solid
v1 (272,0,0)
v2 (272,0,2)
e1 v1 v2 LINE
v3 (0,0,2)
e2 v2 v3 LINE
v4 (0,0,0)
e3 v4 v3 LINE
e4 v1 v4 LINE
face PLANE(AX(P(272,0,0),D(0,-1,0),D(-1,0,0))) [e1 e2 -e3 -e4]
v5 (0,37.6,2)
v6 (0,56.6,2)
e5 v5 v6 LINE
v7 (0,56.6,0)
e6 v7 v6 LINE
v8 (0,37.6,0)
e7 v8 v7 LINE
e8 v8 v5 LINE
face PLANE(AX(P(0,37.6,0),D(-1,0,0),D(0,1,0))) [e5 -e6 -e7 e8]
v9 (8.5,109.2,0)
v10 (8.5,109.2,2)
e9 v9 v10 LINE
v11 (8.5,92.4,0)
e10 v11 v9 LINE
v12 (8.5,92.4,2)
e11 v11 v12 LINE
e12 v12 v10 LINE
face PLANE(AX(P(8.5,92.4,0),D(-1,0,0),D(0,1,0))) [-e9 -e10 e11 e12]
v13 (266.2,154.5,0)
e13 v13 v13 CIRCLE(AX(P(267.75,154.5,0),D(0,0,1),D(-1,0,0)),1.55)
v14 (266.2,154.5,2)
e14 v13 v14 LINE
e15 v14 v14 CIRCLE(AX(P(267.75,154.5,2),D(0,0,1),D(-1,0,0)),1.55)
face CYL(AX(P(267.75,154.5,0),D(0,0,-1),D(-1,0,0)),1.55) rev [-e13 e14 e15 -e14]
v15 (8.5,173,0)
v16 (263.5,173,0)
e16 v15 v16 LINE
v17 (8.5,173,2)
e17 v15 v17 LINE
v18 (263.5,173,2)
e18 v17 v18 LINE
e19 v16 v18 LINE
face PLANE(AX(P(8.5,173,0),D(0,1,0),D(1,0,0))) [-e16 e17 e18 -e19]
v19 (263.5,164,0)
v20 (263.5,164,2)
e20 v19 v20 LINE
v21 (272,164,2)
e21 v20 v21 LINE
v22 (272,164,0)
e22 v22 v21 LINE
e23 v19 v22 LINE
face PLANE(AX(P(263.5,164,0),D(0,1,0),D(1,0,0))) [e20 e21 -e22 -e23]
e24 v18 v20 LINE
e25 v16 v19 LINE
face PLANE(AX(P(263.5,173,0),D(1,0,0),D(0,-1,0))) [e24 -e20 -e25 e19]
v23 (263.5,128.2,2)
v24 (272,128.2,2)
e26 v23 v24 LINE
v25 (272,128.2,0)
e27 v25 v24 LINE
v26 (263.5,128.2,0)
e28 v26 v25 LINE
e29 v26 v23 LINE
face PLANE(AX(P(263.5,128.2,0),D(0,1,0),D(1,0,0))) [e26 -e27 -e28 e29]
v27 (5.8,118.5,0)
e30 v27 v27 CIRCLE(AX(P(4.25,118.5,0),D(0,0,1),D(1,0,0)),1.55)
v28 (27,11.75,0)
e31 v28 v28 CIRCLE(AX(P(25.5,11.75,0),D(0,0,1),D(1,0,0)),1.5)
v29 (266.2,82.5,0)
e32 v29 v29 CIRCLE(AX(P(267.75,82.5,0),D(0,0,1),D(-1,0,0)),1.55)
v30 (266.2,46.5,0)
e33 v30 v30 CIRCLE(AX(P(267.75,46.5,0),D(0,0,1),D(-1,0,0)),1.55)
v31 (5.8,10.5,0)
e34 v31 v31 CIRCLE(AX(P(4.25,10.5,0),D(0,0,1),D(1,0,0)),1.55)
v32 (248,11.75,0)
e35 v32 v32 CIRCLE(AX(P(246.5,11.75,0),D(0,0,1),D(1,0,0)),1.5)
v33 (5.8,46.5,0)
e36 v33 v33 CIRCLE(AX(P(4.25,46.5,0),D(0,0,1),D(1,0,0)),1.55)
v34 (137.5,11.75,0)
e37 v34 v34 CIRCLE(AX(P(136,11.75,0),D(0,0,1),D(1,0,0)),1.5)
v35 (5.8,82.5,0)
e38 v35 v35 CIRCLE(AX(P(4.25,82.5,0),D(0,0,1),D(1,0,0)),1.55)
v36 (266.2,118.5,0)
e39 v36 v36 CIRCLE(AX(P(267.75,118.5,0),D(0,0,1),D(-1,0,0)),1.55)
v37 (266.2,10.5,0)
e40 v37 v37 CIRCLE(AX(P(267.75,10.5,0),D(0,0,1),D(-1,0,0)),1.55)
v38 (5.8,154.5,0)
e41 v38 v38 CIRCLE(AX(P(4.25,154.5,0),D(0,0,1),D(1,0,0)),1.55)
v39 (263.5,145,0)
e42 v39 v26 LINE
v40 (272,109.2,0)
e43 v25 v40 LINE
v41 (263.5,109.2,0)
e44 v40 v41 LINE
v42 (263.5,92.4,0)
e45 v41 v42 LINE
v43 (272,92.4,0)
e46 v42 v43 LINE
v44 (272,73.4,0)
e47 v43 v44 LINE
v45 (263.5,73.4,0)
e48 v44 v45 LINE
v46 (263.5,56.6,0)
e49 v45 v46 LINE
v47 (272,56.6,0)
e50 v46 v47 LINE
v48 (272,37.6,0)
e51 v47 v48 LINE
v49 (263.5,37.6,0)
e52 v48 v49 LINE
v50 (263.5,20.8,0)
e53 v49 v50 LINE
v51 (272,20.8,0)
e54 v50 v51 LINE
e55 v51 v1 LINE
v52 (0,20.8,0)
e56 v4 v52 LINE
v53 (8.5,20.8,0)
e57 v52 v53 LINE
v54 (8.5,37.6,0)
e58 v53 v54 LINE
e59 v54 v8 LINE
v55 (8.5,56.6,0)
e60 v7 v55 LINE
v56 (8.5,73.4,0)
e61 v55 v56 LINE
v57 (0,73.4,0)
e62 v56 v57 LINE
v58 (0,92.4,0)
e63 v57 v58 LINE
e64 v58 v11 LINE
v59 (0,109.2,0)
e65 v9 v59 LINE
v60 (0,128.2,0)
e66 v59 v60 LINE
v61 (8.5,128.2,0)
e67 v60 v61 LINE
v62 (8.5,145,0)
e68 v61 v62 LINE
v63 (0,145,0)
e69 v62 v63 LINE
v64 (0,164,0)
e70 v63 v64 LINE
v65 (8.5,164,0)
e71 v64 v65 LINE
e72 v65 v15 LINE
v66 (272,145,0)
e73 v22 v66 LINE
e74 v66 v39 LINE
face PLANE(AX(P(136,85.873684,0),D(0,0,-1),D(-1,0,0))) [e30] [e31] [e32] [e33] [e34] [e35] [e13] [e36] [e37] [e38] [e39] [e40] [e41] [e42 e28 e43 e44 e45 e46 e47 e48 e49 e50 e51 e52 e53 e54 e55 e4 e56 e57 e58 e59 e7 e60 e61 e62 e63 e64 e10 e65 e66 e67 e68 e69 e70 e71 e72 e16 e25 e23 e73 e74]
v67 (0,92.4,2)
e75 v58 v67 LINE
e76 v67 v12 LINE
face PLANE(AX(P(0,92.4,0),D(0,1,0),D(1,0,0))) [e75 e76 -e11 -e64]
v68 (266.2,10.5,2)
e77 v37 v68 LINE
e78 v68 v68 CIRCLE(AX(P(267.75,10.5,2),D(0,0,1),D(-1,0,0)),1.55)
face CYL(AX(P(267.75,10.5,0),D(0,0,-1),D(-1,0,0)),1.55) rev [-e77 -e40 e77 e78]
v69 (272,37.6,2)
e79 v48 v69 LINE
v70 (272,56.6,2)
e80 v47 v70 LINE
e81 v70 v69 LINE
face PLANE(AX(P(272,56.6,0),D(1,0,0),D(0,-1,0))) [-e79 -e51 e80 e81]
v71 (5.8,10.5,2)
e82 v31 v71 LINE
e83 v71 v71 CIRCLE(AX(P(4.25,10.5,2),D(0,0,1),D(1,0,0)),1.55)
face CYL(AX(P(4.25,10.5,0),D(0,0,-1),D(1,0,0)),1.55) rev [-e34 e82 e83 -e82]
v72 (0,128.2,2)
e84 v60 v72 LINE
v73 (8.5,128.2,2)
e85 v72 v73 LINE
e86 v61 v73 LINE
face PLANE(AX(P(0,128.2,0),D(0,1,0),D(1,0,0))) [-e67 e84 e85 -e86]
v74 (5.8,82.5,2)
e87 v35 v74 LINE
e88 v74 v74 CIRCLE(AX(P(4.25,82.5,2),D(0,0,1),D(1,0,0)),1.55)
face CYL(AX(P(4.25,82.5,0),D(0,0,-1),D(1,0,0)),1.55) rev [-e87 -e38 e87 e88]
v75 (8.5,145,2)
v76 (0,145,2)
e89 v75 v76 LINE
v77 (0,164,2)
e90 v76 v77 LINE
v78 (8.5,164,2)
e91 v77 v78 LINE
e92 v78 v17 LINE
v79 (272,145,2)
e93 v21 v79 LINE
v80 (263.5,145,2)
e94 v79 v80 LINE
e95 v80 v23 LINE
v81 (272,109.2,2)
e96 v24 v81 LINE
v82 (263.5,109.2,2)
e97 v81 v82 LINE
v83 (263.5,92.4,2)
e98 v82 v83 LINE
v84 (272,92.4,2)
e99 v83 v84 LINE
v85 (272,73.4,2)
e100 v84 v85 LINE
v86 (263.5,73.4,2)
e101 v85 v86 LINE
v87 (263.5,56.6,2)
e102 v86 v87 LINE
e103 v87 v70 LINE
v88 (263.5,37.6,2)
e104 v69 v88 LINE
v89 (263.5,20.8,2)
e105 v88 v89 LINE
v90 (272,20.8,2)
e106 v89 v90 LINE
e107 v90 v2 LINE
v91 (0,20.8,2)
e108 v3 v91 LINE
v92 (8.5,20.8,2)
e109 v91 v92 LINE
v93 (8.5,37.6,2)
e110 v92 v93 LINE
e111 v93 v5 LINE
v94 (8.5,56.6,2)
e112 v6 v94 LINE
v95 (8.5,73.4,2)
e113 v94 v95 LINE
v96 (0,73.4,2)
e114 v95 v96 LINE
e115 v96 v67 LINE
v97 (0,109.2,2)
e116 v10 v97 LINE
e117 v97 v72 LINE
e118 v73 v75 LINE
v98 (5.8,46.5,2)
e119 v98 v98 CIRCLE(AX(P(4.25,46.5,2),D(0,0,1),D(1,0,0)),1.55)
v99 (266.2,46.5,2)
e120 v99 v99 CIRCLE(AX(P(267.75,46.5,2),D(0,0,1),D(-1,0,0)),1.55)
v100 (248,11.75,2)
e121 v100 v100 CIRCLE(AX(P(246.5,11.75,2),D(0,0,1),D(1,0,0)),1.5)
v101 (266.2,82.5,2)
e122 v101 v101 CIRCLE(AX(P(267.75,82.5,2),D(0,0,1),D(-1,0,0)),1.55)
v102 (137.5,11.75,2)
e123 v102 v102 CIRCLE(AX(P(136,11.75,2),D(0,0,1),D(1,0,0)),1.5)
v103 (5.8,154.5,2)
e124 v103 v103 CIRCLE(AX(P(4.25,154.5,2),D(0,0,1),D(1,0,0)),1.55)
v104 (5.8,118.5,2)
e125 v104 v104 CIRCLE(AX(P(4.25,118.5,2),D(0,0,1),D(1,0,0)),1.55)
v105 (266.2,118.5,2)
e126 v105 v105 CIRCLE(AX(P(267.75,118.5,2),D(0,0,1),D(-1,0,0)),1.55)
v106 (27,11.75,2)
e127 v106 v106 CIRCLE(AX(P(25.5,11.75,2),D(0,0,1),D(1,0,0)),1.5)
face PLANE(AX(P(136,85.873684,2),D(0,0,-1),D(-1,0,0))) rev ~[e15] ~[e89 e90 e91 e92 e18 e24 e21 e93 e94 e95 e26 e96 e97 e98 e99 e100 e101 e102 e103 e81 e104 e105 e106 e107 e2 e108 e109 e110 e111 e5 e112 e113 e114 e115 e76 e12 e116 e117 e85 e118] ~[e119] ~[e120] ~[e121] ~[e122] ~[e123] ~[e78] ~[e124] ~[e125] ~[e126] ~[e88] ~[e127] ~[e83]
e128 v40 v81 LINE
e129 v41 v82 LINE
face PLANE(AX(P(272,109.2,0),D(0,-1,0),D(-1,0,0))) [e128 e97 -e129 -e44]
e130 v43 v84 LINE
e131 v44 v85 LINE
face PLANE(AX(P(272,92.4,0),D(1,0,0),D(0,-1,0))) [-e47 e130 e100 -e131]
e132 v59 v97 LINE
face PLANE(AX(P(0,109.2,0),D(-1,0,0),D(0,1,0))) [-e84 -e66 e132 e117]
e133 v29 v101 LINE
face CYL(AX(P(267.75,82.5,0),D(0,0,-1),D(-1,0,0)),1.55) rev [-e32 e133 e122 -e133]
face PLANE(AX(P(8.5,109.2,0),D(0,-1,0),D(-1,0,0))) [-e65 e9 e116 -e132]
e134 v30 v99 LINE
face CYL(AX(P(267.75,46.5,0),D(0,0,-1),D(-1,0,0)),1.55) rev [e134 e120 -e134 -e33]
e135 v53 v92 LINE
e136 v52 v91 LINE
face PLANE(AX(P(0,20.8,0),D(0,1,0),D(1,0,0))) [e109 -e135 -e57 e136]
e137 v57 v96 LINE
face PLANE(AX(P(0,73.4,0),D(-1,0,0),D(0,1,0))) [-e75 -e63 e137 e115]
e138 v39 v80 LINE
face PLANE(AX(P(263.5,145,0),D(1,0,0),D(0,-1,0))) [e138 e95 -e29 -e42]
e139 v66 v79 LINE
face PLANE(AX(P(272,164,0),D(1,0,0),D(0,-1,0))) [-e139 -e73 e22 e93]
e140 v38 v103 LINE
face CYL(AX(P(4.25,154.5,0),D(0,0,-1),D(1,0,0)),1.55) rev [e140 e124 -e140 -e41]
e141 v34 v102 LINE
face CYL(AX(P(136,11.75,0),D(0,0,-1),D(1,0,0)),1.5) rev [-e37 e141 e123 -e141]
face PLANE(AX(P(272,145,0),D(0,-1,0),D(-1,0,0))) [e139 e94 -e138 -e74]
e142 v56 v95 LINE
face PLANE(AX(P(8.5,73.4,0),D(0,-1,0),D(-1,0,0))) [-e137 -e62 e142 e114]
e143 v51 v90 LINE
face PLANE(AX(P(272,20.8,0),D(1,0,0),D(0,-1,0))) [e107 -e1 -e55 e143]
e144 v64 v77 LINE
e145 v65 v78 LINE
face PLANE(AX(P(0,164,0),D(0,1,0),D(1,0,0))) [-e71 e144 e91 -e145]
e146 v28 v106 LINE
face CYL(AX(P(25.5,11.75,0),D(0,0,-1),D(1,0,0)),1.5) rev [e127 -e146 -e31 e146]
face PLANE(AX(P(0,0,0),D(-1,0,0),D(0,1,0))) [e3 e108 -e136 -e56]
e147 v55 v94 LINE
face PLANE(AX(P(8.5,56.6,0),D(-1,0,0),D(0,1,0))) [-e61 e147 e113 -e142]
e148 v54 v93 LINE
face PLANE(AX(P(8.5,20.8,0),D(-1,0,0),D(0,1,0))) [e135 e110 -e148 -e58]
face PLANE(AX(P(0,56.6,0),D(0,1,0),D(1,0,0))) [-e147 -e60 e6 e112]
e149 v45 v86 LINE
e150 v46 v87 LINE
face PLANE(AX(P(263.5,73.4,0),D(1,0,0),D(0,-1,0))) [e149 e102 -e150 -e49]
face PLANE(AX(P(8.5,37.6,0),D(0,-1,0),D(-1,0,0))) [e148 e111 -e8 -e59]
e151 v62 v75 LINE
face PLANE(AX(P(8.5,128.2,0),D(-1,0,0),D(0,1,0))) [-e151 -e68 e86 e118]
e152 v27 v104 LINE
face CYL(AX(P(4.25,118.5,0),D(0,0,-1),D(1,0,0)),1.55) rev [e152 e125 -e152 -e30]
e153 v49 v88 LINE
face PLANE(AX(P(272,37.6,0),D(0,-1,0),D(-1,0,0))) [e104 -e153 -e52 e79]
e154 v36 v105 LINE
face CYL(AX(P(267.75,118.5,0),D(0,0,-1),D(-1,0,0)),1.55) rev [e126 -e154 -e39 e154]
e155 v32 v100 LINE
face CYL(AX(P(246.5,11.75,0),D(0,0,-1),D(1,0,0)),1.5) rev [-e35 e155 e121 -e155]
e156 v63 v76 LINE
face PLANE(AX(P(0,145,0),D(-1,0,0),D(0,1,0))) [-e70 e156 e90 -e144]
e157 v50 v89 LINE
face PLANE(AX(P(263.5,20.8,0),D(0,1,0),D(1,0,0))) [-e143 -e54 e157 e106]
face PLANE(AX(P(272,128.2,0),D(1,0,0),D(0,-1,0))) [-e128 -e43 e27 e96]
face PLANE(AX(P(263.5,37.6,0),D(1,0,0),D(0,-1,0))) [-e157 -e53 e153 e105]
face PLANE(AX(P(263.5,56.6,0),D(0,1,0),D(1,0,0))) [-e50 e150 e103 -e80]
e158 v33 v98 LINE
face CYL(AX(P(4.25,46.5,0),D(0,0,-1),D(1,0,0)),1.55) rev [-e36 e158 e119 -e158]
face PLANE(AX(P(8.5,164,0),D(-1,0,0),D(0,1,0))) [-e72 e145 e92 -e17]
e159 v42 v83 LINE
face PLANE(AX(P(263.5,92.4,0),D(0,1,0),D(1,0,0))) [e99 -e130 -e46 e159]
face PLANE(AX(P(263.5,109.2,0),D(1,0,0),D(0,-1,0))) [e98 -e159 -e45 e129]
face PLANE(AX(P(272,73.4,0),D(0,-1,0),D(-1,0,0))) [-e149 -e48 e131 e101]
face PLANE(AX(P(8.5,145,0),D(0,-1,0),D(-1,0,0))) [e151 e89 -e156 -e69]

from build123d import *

# Parameters (mm, degrees)
SKETCH1_R           = 1.55
SKETCH1_R_2         = 1.5
BOSS_EXTRUDE1_DEPTH = 2


with BuildPart() as part:
    # Sketch1 → Boss-Extrude1 (new body)
    with BuildSketch(Plane.XY):
        Polygon((0, 20.8), (8.5, 20.8), (8.5, 37.6), (0, 37.6), (0, 56.6), (8.5, 56.6), (8.5, 73.4), (0, 73.4), (0, 92.4), (8.5, 92.4), (8.5, 109.2), (0, 109.2), (0, 128.2), (8.5, 128.2), (8.5, 145), (0, 145), (0, 164), (8.5, 164), (8.5, 173), (263.5, 173), (263.5, 164), (272, 164), (272, 145), (263.5, 145), (263.5, 128.2), (272, 128.2), (272, 109.2), (263.5, 109.2), (263.5, 92.4), (272, 92.4), (272, 73.4), (263.5, 73.4), (263.5, 56.6), (272, 56.6), (272, 37.6), (263.5, 37.6), (263.5, 20.8), (272, 20.8), (272, 0), (0, 0), align=None)
        with Locations((4.25, 154.5)):
            Circle(SKETCH1_R, mode=Mode.SUBTRACT)
        with Locations((4.25, 118.5)):
            Circle(SKETCH1_R, mode=Mode.SUBTRACT)
        with Locations((4.25, 82.5)):
            Circle(SKETCH1_R, mode=Mode.SUBTRACT)
        with Locations((4.25, 46.5)):
            Circle(SKETCH1_R, mode=Mode.SUBTRACT)
        with Locations((4.25, 10.5)):
            Circle(SKETCH1_R, mode=Mode.SUBTRACT)
        with Locations(Location((267.75, 10.5, 0), (0, 0, 180))):
            Circle(SKETCH1_R, mode=Mode.SUBTRACT)
        with Locations(Location((267.75, 46.5, 0), (0, 0, 180))):
            Circle(SKETCH1_R, mode=Mode.SUBTRACT)
        with Locations(Location((267.75, 82.5, 0), (0, 0, 180))):
            Circle(SKETCH1_R, mode=Mode.SUBTRACT)
        with Locations(Location((267.75, 118.5, 0), (0, 0, 180))):
            Circle(SKETCH1_R, mode=Mode.SUBTRACT)
        with Locations(Location((267.75, 154.5, 0), (0, 0, 180))):
            Circle(SKETCH1_R, mode=Mode.SUBTRACT)
        with Locations((25.5, 11.75)):
            Circle(SKETCH1_R_2, mode=Mode.SUBTRACT)
        with Locations((136, 11.75)):
            Circle(SKETCH1_R_2, mode=Mode.SUBTRACT)
        with Locations((246.5, 11.75)):
            Circle(SKETCH1_R_2, mode=Mode.SUBTRACT)
    extrude(amount=BOSS_EXTRUDE1_DEPTH)


solid = part.part
